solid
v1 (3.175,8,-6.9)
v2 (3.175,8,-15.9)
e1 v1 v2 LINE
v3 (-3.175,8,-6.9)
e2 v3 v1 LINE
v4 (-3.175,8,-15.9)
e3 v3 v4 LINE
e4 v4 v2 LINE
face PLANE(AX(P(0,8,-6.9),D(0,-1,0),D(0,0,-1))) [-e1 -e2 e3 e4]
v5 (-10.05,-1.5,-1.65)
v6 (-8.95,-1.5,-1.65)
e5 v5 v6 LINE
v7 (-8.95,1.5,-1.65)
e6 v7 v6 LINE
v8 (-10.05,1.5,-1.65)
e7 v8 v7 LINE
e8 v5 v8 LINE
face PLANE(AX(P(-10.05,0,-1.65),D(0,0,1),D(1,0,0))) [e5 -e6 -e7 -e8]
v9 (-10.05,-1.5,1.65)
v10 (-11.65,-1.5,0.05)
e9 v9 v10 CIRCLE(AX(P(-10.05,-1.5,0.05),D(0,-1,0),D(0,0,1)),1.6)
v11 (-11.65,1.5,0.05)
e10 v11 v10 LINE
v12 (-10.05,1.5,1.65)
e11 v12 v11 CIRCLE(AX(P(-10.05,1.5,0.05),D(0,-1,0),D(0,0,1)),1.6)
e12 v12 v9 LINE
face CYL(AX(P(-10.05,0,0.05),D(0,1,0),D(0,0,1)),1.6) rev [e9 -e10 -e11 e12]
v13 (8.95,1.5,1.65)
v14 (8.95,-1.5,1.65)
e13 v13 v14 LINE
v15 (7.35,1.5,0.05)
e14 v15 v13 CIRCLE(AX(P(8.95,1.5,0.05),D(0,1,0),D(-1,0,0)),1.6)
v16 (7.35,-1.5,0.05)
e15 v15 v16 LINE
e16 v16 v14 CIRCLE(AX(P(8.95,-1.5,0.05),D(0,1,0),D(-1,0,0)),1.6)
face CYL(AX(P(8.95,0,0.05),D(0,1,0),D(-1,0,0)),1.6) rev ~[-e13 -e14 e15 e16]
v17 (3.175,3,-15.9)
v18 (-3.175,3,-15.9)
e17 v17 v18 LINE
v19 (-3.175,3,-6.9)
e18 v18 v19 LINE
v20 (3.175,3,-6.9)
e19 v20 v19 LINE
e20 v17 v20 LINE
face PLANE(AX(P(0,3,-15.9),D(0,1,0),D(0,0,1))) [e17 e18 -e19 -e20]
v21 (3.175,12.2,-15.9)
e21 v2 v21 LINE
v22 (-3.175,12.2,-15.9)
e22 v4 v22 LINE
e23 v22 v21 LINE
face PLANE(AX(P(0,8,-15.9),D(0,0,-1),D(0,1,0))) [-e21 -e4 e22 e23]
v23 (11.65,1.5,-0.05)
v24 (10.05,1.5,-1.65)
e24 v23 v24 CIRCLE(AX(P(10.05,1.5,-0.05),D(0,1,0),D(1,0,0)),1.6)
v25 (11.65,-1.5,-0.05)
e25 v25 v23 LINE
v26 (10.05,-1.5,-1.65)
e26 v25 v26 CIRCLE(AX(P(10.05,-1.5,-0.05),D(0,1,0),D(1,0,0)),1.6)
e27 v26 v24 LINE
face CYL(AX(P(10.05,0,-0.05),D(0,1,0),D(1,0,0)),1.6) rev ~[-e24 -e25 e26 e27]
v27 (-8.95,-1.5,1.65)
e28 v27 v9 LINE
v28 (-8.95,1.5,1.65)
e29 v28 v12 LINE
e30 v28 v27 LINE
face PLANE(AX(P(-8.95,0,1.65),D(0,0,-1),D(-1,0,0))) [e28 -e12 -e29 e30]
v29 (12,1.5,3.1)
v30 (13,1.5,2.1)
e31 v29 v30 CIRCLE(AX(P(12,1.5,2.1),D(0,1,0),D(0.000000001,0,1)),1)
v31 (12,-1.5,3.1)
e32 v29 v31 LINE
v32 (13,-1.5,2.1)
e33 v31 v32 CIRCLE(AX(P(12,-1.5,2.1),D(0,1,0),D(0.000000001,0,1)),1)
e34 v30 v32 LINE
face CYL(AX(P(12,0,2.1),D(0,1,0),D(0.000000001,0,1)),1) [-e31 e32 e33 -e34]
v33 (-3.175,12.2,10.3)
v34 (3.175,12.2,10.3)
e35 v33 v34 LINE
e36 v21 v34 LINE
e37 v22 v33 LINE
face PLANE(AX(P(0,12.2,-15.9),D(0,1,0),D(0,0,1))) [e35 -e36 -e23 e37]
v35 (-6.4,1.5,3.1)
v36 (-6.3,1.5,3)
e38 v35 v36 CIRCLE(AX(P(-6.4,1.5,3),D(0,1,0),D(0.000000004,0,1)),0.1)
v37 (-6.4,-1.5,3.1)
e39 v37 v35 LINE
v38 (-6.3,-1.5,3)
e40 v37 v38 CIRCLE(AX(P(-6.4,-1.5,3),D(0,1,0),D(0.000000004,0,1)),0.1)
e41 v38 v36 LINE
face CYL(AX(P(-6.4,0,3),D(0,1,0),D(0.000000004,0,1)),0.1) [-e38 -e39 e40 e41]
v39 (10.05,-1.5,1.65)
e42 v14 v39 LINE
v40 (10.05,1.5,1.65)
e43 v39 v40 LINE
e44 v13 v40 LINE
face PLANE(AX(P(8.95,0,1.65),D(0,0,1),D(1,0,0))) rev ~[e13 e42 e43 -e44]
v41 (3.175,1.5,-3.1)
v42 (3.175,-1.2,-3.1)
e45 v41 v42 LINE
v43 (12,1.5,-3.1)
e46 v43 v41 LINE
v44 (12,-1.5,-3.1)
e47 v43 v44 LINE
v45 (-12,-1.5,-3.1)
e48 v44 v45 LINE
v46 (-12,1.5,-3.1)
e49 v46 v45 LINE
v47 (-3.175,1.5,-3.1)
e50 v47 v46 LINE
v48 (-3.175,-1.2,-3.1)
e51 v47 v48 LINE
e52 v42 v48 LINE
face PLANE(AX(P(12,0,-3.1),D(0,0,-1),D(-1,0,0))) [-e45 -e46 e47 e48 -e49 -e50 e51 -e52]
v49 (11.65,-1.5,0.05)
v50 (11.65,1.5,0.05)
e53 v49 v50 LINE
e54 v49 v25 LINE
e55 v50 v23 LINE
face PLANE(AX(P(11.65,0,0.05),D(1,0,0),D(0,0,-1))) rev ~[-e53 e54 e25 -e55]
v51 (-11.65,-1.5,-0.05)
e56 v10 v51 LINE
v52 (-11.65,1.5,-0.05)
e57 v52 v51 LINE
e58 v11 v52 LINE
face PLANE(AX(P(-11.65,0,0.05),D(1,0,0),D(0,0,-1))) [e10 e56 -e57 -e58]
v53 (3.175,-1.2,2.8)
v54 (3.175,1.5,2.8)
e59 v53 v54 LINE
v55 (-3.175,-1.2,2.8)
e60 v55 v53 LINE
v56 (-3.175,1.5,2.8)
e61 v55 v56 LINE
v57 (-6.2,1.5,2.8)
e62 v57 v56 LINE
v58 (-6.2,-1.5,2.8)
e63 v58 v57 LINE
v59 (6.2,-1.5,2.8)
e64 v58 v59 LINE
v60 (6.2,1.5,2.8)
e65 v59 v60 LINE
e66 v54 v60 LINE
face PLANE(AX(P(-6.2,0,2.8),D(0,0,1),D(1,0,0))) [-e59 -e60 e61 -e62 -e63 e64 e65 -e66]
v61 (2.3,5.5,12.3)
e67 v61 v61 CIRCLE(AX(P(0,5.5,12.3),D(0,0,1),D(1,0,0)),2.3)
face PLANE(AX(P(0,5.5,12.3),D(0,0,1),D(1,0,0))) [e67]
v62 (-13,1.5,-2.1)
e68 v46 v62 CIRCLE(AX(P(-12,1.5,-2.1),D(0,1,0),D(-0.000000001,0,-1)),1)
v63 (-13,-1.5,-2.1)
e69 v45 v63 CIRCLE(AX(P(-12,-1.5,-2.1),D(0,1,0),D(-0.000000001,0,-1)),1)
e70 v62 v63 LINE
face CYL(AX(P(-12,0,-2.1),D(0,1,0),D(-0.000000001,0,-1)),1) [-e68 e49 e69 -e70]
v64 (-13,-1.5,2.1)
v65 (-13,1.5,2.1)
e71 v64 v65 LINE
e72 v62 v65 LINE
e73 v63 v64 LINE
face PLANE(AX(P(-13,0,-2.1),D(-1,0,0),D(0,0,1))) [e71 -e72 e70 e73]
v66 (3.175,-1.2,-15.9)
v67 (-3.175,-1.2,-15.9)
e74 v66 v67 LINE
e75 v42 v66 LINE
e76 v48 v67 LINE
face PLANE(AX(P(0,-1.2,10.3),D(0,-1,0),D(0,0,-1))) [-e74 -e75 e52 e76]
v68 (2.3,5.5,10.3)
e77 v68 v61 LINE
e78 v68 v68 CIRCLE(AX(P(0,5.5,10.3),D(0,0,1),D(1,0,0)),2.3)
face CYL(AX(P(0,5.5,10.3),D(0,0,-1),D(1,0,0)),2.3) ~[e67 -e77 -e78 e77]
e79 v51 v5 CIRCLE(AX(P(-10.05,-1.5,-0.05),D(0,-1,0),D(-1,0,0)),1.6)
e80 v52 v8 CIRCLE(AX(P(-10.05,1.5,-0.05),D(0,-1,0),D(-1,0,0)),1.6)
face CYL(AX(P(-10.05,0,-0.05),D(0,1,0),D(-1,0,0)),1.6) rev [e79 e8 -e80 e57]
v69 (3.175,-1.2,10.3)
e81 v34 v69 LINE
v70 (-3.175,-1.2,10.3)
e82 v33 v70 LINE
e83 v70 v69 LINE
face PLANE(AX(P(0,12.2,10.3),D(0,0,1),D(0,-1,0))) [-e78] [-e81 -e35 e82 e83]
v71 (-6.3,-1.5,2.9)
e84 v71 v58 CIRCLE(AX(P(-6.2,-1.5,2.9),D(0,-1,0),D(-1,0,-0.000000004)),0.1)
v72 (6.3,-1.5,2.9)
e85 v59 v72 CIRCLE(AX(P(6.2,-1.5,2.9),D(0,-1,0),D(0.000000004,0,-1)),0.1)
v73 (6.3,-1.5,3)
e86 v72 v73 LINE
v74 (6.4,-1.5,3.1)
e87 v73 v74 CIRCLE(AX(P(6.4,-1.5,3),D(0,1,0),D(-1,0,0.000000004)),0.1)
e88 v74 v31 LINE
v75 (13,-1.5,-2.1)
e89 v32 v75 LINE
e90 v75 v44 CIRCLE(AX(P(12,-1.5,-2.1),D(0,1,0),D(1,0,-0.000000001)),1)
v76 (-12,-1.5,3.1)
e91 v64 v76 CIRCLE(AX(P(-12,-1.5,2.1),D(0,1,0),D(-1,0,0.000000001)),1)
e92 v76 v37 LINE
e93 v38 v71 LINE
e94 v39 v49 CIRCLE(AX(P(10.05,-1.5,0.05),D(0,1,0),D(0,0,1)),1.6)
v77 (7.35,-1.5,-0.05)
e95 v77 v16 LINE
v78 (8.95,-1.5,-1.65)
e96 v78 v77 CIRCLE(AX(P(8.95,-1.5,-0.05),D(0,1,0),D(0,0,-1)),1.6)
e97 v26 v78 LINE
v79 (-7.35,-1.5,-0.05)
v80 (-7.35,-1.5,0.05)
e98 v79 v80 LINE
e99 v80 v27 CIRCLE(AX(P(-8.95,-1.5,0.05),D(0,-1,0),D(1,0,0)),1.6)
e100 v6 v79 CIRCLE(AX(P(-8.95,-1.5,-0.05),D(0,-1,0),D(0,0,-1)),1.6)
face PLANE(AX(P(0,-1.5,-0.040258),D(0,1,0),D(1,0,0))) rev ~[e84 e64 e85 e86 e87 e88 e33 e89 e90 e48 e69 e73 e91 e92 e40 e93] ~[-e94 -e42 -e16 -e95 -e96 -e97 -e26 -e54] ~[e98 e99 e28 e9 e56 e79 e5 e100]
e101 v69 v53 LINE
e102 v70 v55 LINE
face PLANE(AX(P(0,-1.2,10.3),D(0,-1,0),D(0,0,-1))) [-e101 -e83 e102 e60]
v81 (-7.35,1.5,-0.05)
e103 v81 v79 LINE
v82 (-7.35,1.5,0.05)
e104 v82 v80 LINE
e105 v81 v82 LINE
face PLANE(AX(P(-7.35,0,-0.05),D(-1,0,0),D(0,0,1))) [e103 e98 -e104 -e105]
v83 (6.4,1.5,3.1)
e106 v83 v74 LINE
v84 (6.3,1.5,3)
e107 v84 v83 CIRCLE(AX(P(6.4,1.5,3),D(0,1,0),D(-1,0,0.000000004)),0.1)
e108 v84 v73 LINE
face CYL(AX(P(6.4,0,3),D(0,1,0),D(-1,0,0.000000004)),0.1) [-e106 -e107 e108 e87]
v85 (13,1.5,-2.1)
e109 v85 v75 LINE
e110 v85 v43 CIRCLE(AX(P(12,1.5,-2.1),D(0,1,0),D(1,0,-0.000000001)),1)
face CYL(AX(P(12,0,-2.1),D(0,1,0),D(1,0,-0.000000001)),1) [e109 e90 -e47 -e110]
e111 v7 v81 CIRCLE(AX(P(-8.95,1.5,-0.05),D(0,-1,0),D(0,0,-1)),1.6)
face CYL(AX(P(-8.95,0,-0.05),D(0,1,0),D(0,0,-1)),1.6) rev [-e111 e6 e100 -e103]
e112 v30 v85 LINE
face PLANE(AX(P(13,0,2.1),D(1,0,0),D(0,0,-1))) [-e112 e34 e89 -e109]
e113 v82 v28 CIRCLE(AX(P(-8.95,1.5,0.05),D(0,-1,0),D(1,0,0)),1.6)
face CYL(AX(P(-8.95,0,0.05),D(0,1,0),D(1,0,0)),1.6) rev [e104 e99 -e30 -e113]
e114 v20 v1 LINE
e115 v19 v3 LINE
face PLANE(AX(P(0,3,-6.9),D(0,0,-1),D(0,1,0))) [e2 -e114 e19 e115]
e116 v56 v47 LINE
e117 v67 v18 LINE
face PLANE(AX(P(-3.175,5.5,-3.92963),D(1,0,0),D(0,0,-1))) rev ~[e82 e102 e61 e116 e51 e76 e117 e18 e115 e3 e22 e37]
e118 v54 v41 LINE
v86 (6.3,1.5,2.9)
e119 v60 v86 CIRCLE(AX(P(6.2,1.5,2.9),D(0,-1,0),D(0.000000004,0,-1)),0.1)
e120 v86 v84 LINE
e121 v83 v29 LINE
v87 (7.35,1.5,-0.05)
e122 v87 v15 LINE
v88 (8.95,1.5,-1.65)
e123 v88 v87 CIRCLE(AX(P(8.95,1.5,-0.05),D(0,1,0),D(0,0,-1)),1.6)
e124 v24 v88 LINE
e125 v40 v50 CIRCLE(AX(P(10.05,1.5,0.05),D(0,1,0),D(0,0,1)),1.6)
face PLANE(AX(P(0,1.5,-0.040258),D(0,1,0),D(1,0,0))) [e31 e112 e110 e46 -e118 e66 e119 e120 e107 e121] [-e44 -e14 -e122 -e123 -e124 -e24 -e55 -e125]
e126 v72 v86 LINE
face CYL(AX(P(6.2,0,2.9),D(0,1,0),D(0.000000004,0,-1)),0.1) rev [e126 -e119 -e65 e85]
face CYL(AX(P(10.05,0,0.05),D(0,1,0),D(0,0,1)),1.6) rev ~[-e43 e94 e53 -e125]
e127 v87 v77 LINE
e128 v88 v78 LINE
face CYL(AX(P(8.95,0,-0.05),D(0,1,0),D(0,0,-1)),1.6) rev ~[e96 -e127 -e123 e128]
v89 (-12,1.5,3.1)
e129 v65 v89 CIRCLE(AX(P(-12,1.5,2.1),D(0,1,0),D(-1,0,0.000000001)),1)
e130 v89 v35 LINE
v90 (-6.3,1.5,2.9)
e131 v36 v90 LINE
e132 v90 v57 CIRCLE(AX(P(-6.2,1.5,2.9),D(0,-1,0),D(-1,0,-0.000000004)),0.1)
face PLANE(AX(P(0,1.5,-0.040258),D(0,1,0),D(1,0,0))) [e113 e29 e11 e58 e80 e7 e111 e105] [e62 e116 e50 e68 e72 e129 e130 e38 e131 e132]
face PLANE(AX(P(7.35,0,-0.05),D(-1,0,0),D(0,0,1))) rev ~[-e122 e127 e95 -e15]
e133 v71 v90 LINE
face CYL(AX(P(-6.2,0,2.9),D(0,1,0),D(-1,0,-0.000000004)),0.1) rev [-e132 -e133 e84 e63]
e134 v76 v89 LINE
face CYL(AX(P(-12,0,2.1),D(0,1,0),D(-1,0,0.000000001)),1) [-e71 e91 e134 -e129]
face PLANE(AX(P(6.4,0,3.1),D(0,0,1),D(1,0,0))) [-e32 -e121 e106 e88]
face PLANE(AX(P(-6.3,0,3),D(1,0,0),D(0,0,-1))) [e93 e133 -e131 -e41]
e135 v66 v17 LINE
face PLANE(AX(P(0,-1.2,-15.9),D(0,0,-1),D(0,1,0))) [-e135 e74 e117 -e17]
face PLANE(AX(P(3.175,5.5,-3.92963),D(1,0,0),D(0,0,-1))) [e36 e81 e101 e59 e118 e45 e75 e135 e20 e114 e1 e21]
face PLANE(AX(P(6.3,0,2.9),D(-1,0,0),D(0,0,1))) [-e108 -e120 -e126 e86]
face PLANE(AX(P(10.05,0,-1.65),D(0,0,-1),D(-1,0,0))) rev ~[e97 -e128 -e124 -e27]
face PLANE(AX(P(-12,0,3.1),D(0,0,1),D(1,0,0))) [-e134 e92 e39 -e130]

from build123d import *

# Parameters (mm, degrees)
EXTRUDE_1_DEPTH = 1.5
EXTRUDE_2_DEPTH = 3.175
SKETCH_9_R      = 2.3
EXTRUDE_3_DEPTH = 2


with BuildPart() as part:
    # 草图1 → 凸台-拉伸1 (new, symmetric)
    with BuildSketch(Plane(origin=(0, 0, 0), x_dir=(1, 0, 0), z_dir=(0, 1, 0))):
        with BuildLine():
            Line((-13, 2.1), (-13, -2.1))
            ThreePointArc((-13, -2.1), (-12.707106781, -2.807106781), (-12, -3.1))
            Line((-12, -3.1), (-6.4, -3.1))
            ThreePointArc((-6.4, -3.1), (-6.329289322, -3.070710678), (-6.3, -3))
            Line((-6.3, -3), (-6.3, -2.9))
            ThreePointArc((-6.3, -2.9), (-6.270710678, -2.829289322), (-6.2, -2.8))
            Line((-6.2, -2.8), (6.2, -2.8))
            ThreePointArc((6.2, -2.8), (6.270710678, -2.829289322), (6.3, -2.9))
            Line((6.3, -2.9), (6.3, -3))
            ThreePointArc((6.3, -3), (6.329289322, -3.070710678), (6.4, -3.1))
            Line((6.4, -3.1), (12, -3.1))
            ThreePointArc((12, -3.1), (12.707106781, -2.807106781), (13, -2.1))
            Line((13, -2.1), (13, 2.1))
            ThreePointArc((13, 2.1), (12.707106781, 2.807106781), (12, 3.1))
            Line((12, 3.1), (-12, 3.1))
            ThreePointArc((-12, 3.1), (-12.707106781, 2.807106781), (-13, 2.1))
        make_face()
        with BuildLine():
            Line((10.05, 1.65), (8.95, 1.65))
            ThreePointArc((8.95, 1.65), (7.81862915, 1.18137085), (7.35, 0.05))
            Line((7.35, 0.05), (7.35, -0.05))
            ThreePointArc((7.35, -0.05), (7.81862915, -1.18137085), (8.95, -1.65))
            Line((8.95, -1.65), (10.05, -1.65))
            ThreePointArc((10.05, -1.65), (11.18137085, -1.18137085), (11.65, -0.05))
            Line((11.65, -0.05), (11.65, 0.05))
            ThreePointArc((11.65, 0.05), (11.18137085, 1.18137085), (10.05, 1.65))
        make_face(mode=Mode.SUBTRACT)
        with BuildLine():
            Line((-10.05, 1.65), (-8.95, 1.65))
            ThreePointArc((-8.95, 1.65), (-7.81862915, 1.18137085), (-7.35, 0.05))
            Line((-7.35, 0.05), (-7.35, -0.05))
            ThreePointArc((-7.35, -0.05), (-7.81862915, -1.18137085), (-8.95, -1.65))
            Line((-8.95, -1.65), (-10.05, -1.65))
            ThreePointArc((-10.05, -1.65), (-11.18137085, -1.18137085), (-11.65, -0.05))
            Line((-11.65, -0.05), (-11.65, 0.05))
            ThreePointArc((-11.65, 0.05), (-11.18137085, 1.18137085), (-10.05, 1.65))
        make_face(mode=Mode.SUBTRACT)
    extrude(amount=EXTRUDE_1_DEPTH, both=True)

    # 草图8 → 凸台-拉伸2 (add, symmetric)
    with BuildSketch(Plane(origin=(0, 0, 0), x_dir=(0, 0, -1), z_dir=(1, 0, 0))):
        Polygon((6.9, 3), (6.9, 8), (15.9, 8), (15.9, 12.2), (-10.3, 12.2), (-10.3, -1.2), (15.9, -1.2), (15.9, 3), align=None)
    extrude(amount=EXTRUDE_2_DEPTH, both=True)

    # 草图9 → 凸台-拉伸3 (add)
    with BuildSketch(Plane.XY.offset(10.3)):
        with Locations((0, 5.5)):
            Circle(SKETCH_9_R)
    extrude(amount=EXTRUDE_3_DEPTH)


solid = part.part
